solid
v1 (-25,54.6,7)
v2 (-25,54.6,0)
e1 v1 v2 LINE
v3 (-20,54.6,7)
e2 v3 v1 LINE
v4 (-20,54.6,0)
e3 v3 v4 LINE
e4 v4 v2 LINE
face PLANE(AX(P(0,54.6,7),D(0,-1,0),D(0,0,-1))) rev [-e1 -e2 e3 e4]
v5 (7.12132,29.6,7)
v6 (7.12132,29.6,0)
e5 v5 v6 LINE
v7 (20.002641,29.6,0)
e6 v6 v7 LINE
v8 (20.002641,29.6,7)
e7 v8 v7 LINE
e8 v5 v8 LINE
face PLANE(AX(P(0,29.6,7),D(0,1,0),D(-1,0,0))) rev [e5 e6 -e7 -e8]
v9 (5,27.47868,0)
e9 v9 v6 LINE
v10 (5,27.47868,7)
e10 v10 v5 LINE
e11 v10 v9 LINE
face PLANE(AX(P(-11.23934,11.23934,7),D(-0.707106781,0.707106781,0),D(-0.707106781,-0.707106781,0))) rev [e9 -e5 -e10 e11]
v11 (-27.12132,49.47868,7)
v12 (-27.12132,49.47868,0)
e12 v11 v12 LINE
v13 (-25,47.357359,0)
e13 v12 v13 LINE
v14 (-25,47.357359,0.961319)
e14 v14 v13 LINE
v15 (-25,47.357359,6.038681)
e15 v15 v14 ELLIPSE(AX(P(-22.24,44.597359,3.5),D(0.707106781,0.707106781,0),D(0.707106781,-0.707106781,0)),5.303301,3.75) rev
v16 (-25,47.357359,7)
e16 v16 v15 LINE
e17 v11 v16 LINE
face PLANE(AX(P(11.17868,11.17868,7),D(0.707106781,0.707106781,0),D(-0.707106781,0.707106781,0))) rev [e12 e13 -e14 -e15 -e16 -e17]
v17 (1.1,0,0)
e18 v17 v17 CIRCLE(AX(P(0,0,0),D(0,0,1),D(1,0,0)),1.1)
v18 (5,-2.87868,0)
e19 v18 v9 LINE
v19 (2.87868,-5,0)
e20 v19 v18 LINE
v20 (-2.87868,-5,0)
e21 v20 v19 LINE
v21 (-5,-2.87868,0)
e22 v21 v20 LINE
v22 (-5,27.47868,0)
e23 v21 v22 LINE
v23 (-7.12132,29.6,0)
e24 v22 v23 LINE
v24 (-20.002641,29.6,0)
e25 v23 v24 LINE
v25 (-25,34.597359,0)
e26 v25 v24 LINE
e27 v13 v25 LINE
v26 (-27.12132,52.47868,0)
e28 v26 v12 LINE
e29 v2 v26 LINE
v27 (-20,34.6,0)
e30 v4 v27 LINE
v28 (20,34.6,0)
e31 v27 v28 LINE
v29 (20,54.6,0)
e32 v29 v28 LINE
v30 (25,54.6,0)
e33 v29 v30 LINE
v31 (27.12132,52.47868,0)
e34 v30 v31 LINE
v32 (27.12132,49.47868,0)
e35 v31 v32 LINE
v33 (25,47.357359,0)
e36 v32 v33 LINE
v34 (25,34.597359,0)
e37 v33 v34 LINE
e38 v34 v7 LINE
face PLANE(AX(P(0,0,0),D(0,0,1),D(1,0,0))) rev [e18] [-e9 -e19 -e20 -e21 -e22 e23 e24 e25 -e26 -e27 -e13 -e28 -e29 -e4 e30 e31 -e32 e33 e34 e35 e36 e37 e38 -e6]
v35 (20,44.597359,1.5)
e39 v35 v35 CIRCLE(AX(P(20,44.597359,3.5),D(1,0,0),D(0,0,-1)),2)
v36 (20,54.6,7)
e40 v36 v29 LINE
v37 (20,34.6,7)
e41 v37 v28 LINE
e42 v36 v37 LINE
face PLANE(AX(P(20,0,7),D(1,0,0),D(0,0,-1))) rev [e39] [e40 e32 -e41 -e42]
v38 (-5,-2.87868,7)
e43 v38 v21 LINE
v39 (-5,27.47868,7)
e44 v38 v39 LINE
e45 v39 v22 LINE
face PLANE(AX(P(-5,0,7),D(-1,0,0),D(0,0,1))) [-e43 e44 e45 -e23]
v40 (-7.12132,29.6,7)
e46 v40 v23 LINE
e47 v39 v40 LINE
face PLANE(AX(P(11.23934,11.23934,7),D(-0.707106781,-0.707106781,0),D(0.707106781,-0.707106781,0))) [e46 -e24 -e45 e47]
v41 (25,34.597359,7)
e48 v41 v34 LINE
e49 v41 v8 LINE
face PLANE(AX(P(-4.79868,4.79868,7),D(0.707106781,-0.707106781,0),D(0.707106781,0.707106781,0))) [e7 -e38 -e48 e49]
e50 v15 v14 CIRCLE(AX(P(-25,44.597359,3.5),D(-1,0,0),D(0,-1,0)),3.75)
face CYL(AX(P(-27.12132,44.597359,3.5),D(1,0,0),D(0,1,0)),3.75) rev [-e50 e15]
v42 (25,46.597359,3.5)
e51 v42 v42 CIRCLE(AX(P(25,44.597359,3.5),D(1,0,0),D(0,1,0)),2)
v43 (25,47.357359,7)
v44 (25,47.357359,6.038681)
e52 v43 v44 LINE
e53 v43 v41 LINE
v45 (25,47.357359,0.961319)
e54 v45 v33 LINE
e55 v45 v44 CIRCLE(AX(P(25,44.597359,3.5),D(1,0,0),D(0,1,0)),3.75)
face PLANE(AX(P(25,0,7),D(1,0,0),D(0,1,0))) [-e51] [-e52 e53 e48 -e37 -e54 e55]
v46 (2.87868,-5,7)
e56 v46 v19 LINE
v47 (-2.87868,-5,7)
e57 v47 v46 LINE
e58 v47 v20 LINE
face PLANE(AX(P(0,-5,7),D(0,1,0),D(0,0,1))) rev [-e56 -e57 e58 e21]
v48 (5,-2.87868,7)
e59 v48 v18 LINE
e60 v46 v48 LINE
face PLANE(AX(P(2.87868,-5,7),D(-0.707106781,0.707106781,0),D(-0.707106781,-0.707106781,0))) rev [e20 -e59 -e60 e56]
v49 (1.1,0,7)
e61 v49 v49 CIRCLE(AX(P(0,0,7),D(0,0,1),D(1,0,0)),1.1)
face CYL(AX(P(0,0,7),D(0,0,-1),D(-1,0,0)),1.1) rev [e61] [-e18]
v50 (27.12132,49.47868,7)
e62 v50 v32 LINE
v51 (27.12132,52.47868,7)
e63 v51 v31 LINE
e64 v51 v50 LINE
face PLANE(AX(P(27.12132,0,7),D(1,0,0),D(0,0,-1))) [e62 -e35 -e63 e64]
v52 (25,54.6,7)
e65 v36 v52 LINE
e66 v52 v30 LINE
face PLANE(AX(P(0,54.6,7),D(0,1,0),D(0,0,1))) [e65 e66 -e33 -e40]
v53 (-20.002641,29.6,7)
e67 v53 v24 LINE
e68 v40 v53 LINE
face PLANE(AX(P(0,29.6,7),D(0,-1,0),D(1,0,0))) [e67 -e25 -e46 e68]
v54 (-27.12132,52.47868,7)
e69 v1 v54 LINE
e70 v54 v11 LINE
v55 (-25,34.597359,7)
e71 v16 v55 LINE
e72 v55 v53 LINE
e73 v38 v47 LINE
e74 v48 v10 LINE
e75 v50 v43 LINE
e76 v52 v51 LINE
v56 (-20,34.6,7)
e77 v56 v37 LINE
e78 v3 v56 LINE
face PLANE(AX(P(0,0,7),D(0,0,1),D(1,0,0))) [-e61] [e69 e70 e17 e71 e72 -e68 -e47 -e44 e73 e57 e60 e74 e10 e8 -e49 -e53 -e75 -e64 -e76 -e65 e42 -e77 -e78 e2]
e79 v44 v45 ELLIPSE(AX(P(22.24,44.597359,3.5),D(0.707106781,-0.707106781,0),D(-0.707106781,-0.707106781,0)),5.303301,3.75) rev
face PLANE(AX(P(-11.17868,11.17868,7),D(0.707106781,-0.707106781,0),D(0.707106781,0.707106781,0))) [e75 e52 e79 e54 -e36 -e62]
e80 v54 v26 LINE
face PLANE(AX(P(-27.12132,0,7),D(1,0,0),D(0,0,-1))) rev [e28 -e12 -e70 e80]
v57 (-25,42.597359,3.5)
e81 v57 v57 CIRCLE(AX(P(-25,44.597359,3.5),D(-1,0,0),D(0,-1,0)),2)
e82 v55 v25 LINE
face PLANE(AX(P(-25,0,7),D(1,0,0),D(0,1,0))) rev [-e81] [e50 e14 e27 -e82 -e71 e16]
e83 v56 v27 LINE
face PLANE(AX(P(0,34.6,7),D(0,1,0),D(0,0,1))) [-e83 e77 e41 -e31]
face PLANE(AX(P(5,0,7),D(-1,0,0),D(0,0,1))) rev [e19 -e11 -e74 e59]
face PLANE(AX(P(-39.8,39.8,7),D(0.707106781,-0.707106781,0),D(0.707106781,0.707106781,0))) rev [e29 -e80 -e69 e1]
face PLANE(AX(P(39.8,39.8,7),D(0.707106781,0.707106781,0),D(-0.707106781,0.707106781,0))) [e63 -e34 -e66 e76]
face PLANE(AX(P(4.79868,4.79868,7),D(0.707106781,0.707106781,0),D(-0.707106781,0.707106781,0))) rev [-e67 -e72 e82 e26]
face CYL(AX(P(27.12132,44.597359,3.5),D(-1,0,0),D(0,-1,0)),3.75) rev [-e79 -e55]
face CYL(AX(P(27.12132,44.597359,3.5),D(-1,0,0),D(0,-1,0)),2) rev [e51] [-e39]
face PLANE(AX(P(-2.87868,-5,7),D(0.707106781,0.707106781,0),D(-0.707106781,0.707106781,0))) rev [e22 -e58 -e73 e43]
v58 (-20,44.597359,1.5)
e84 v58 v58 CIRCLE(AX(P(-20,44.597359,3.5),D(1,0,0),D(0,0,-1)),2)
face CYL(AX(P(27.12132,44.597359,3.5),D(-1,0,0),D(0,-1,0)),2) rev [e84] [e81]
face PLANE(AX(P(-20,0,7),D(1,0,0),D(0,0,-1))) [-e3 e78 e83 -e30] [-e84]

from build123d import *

# Parameters (mm, degrees)
CROQUIS1_R              = 1.1
SALIENTE_EXTRUIR1_DEPTH = 7
CORTAR_EXTRUIR1_DEPTH   = 62.365511626
CROQUIS3_R              = 2
CORTAR_EXTRUIR3_DEPTH   = 76.80759879
CROQUIS4_R              = 3.75
CORTAR_EXTRUIR4_DEPTH   = 76.80759879
CROQUIS5_R              = 3.75
CORTAR_EXTRUIR5_DEPTH   = 76.80759879


with BuildPart() as part:
    # Croquis1 → Saliente-Extruir1 (new body)
    with BuildSketch(Plane.XY):
        Polygon((-5, 27.478679656), (-5, -5), (5, -5), (5, 27.478679656), (7.121320344, 29.6), (20.002640687, 29.6), (25, 34.597359313), (25, 47.357359313), (27.121320344, 49.478679656), (27.121320344, 52.478679656), (25, 54.6), (20, 54.6), (20, 34.6), (-20, 34.6), (-20, 54.6), (-25, 54.6), (-27.121320344, 52.478679656), (-27.121320344, 49.478679656), (-25, 47.357359313), (-25, 34.597359313), (-20.002640687, 29.6), (-7.121320344, 29.6), align=None)
        Circle(CROQUIS1_R, mode=Mode.SUBTRACT)
    extrude(amount=SALIENTE_EXTRUIR1_DEPTH)

    # Croquis2 → Cortar-Extruir1 (cut, through all)
    with BuildSketch(Plane(origin=(0, 0, 0), x_dir=(-1, 0, 0), z_dir=(0, 0, -1))):
        Polygon((-5, -5), (-2.878679656, -5), (-5, -2.878679656), align=None)
        Polygon((2.878679656, -5), (5, -2.878679656), (5, -5), align=None)
    extrude(amount=-CORTAR_EXTRUIR1_DEPTH, mode=Mode.SUBTRACT)

    # Croquis3 → Cortar-Extruir3 (cut, through all)
    with BuildSketch(Plane.ZY.offset(25)):
        with Locations(Location((3.5, 44.597359313, 0), (0, 0, 270))):
            Circle(CROQUIS3_R)
    extrude(amount=-CORTAR_EXTRUIR3_DEPTH, mode=Mode.SUBTRACT)

    # Croquis4 → Cortar-Extruir4 (cut, through all)
    with BuildSketch(Plane.ZY.offset(25)):
        with Locations((3.5, 44.597359313)):
            Circle(CROQUIS4_R)
    extrude(amount=CORTAR_EXTRUIR4_DEPTH, mode=Mode.SUBTRACT)

    # Croquis5 → Cortar-Extruir5 (cut, through all)
    with BuildSketch(Plane(origin=(25, 0, 0), x_dir=(0, 0, -1), z_dir=(1, 0, 0))):
        with Locations((-3.5, 44.597359313)):
            Circle(CROQUIS5_R)
    extrude(amount=CORTAR_EXTRUIR5_DEPTH, mode=Mode.SUBTRACT)


solid = part.part
